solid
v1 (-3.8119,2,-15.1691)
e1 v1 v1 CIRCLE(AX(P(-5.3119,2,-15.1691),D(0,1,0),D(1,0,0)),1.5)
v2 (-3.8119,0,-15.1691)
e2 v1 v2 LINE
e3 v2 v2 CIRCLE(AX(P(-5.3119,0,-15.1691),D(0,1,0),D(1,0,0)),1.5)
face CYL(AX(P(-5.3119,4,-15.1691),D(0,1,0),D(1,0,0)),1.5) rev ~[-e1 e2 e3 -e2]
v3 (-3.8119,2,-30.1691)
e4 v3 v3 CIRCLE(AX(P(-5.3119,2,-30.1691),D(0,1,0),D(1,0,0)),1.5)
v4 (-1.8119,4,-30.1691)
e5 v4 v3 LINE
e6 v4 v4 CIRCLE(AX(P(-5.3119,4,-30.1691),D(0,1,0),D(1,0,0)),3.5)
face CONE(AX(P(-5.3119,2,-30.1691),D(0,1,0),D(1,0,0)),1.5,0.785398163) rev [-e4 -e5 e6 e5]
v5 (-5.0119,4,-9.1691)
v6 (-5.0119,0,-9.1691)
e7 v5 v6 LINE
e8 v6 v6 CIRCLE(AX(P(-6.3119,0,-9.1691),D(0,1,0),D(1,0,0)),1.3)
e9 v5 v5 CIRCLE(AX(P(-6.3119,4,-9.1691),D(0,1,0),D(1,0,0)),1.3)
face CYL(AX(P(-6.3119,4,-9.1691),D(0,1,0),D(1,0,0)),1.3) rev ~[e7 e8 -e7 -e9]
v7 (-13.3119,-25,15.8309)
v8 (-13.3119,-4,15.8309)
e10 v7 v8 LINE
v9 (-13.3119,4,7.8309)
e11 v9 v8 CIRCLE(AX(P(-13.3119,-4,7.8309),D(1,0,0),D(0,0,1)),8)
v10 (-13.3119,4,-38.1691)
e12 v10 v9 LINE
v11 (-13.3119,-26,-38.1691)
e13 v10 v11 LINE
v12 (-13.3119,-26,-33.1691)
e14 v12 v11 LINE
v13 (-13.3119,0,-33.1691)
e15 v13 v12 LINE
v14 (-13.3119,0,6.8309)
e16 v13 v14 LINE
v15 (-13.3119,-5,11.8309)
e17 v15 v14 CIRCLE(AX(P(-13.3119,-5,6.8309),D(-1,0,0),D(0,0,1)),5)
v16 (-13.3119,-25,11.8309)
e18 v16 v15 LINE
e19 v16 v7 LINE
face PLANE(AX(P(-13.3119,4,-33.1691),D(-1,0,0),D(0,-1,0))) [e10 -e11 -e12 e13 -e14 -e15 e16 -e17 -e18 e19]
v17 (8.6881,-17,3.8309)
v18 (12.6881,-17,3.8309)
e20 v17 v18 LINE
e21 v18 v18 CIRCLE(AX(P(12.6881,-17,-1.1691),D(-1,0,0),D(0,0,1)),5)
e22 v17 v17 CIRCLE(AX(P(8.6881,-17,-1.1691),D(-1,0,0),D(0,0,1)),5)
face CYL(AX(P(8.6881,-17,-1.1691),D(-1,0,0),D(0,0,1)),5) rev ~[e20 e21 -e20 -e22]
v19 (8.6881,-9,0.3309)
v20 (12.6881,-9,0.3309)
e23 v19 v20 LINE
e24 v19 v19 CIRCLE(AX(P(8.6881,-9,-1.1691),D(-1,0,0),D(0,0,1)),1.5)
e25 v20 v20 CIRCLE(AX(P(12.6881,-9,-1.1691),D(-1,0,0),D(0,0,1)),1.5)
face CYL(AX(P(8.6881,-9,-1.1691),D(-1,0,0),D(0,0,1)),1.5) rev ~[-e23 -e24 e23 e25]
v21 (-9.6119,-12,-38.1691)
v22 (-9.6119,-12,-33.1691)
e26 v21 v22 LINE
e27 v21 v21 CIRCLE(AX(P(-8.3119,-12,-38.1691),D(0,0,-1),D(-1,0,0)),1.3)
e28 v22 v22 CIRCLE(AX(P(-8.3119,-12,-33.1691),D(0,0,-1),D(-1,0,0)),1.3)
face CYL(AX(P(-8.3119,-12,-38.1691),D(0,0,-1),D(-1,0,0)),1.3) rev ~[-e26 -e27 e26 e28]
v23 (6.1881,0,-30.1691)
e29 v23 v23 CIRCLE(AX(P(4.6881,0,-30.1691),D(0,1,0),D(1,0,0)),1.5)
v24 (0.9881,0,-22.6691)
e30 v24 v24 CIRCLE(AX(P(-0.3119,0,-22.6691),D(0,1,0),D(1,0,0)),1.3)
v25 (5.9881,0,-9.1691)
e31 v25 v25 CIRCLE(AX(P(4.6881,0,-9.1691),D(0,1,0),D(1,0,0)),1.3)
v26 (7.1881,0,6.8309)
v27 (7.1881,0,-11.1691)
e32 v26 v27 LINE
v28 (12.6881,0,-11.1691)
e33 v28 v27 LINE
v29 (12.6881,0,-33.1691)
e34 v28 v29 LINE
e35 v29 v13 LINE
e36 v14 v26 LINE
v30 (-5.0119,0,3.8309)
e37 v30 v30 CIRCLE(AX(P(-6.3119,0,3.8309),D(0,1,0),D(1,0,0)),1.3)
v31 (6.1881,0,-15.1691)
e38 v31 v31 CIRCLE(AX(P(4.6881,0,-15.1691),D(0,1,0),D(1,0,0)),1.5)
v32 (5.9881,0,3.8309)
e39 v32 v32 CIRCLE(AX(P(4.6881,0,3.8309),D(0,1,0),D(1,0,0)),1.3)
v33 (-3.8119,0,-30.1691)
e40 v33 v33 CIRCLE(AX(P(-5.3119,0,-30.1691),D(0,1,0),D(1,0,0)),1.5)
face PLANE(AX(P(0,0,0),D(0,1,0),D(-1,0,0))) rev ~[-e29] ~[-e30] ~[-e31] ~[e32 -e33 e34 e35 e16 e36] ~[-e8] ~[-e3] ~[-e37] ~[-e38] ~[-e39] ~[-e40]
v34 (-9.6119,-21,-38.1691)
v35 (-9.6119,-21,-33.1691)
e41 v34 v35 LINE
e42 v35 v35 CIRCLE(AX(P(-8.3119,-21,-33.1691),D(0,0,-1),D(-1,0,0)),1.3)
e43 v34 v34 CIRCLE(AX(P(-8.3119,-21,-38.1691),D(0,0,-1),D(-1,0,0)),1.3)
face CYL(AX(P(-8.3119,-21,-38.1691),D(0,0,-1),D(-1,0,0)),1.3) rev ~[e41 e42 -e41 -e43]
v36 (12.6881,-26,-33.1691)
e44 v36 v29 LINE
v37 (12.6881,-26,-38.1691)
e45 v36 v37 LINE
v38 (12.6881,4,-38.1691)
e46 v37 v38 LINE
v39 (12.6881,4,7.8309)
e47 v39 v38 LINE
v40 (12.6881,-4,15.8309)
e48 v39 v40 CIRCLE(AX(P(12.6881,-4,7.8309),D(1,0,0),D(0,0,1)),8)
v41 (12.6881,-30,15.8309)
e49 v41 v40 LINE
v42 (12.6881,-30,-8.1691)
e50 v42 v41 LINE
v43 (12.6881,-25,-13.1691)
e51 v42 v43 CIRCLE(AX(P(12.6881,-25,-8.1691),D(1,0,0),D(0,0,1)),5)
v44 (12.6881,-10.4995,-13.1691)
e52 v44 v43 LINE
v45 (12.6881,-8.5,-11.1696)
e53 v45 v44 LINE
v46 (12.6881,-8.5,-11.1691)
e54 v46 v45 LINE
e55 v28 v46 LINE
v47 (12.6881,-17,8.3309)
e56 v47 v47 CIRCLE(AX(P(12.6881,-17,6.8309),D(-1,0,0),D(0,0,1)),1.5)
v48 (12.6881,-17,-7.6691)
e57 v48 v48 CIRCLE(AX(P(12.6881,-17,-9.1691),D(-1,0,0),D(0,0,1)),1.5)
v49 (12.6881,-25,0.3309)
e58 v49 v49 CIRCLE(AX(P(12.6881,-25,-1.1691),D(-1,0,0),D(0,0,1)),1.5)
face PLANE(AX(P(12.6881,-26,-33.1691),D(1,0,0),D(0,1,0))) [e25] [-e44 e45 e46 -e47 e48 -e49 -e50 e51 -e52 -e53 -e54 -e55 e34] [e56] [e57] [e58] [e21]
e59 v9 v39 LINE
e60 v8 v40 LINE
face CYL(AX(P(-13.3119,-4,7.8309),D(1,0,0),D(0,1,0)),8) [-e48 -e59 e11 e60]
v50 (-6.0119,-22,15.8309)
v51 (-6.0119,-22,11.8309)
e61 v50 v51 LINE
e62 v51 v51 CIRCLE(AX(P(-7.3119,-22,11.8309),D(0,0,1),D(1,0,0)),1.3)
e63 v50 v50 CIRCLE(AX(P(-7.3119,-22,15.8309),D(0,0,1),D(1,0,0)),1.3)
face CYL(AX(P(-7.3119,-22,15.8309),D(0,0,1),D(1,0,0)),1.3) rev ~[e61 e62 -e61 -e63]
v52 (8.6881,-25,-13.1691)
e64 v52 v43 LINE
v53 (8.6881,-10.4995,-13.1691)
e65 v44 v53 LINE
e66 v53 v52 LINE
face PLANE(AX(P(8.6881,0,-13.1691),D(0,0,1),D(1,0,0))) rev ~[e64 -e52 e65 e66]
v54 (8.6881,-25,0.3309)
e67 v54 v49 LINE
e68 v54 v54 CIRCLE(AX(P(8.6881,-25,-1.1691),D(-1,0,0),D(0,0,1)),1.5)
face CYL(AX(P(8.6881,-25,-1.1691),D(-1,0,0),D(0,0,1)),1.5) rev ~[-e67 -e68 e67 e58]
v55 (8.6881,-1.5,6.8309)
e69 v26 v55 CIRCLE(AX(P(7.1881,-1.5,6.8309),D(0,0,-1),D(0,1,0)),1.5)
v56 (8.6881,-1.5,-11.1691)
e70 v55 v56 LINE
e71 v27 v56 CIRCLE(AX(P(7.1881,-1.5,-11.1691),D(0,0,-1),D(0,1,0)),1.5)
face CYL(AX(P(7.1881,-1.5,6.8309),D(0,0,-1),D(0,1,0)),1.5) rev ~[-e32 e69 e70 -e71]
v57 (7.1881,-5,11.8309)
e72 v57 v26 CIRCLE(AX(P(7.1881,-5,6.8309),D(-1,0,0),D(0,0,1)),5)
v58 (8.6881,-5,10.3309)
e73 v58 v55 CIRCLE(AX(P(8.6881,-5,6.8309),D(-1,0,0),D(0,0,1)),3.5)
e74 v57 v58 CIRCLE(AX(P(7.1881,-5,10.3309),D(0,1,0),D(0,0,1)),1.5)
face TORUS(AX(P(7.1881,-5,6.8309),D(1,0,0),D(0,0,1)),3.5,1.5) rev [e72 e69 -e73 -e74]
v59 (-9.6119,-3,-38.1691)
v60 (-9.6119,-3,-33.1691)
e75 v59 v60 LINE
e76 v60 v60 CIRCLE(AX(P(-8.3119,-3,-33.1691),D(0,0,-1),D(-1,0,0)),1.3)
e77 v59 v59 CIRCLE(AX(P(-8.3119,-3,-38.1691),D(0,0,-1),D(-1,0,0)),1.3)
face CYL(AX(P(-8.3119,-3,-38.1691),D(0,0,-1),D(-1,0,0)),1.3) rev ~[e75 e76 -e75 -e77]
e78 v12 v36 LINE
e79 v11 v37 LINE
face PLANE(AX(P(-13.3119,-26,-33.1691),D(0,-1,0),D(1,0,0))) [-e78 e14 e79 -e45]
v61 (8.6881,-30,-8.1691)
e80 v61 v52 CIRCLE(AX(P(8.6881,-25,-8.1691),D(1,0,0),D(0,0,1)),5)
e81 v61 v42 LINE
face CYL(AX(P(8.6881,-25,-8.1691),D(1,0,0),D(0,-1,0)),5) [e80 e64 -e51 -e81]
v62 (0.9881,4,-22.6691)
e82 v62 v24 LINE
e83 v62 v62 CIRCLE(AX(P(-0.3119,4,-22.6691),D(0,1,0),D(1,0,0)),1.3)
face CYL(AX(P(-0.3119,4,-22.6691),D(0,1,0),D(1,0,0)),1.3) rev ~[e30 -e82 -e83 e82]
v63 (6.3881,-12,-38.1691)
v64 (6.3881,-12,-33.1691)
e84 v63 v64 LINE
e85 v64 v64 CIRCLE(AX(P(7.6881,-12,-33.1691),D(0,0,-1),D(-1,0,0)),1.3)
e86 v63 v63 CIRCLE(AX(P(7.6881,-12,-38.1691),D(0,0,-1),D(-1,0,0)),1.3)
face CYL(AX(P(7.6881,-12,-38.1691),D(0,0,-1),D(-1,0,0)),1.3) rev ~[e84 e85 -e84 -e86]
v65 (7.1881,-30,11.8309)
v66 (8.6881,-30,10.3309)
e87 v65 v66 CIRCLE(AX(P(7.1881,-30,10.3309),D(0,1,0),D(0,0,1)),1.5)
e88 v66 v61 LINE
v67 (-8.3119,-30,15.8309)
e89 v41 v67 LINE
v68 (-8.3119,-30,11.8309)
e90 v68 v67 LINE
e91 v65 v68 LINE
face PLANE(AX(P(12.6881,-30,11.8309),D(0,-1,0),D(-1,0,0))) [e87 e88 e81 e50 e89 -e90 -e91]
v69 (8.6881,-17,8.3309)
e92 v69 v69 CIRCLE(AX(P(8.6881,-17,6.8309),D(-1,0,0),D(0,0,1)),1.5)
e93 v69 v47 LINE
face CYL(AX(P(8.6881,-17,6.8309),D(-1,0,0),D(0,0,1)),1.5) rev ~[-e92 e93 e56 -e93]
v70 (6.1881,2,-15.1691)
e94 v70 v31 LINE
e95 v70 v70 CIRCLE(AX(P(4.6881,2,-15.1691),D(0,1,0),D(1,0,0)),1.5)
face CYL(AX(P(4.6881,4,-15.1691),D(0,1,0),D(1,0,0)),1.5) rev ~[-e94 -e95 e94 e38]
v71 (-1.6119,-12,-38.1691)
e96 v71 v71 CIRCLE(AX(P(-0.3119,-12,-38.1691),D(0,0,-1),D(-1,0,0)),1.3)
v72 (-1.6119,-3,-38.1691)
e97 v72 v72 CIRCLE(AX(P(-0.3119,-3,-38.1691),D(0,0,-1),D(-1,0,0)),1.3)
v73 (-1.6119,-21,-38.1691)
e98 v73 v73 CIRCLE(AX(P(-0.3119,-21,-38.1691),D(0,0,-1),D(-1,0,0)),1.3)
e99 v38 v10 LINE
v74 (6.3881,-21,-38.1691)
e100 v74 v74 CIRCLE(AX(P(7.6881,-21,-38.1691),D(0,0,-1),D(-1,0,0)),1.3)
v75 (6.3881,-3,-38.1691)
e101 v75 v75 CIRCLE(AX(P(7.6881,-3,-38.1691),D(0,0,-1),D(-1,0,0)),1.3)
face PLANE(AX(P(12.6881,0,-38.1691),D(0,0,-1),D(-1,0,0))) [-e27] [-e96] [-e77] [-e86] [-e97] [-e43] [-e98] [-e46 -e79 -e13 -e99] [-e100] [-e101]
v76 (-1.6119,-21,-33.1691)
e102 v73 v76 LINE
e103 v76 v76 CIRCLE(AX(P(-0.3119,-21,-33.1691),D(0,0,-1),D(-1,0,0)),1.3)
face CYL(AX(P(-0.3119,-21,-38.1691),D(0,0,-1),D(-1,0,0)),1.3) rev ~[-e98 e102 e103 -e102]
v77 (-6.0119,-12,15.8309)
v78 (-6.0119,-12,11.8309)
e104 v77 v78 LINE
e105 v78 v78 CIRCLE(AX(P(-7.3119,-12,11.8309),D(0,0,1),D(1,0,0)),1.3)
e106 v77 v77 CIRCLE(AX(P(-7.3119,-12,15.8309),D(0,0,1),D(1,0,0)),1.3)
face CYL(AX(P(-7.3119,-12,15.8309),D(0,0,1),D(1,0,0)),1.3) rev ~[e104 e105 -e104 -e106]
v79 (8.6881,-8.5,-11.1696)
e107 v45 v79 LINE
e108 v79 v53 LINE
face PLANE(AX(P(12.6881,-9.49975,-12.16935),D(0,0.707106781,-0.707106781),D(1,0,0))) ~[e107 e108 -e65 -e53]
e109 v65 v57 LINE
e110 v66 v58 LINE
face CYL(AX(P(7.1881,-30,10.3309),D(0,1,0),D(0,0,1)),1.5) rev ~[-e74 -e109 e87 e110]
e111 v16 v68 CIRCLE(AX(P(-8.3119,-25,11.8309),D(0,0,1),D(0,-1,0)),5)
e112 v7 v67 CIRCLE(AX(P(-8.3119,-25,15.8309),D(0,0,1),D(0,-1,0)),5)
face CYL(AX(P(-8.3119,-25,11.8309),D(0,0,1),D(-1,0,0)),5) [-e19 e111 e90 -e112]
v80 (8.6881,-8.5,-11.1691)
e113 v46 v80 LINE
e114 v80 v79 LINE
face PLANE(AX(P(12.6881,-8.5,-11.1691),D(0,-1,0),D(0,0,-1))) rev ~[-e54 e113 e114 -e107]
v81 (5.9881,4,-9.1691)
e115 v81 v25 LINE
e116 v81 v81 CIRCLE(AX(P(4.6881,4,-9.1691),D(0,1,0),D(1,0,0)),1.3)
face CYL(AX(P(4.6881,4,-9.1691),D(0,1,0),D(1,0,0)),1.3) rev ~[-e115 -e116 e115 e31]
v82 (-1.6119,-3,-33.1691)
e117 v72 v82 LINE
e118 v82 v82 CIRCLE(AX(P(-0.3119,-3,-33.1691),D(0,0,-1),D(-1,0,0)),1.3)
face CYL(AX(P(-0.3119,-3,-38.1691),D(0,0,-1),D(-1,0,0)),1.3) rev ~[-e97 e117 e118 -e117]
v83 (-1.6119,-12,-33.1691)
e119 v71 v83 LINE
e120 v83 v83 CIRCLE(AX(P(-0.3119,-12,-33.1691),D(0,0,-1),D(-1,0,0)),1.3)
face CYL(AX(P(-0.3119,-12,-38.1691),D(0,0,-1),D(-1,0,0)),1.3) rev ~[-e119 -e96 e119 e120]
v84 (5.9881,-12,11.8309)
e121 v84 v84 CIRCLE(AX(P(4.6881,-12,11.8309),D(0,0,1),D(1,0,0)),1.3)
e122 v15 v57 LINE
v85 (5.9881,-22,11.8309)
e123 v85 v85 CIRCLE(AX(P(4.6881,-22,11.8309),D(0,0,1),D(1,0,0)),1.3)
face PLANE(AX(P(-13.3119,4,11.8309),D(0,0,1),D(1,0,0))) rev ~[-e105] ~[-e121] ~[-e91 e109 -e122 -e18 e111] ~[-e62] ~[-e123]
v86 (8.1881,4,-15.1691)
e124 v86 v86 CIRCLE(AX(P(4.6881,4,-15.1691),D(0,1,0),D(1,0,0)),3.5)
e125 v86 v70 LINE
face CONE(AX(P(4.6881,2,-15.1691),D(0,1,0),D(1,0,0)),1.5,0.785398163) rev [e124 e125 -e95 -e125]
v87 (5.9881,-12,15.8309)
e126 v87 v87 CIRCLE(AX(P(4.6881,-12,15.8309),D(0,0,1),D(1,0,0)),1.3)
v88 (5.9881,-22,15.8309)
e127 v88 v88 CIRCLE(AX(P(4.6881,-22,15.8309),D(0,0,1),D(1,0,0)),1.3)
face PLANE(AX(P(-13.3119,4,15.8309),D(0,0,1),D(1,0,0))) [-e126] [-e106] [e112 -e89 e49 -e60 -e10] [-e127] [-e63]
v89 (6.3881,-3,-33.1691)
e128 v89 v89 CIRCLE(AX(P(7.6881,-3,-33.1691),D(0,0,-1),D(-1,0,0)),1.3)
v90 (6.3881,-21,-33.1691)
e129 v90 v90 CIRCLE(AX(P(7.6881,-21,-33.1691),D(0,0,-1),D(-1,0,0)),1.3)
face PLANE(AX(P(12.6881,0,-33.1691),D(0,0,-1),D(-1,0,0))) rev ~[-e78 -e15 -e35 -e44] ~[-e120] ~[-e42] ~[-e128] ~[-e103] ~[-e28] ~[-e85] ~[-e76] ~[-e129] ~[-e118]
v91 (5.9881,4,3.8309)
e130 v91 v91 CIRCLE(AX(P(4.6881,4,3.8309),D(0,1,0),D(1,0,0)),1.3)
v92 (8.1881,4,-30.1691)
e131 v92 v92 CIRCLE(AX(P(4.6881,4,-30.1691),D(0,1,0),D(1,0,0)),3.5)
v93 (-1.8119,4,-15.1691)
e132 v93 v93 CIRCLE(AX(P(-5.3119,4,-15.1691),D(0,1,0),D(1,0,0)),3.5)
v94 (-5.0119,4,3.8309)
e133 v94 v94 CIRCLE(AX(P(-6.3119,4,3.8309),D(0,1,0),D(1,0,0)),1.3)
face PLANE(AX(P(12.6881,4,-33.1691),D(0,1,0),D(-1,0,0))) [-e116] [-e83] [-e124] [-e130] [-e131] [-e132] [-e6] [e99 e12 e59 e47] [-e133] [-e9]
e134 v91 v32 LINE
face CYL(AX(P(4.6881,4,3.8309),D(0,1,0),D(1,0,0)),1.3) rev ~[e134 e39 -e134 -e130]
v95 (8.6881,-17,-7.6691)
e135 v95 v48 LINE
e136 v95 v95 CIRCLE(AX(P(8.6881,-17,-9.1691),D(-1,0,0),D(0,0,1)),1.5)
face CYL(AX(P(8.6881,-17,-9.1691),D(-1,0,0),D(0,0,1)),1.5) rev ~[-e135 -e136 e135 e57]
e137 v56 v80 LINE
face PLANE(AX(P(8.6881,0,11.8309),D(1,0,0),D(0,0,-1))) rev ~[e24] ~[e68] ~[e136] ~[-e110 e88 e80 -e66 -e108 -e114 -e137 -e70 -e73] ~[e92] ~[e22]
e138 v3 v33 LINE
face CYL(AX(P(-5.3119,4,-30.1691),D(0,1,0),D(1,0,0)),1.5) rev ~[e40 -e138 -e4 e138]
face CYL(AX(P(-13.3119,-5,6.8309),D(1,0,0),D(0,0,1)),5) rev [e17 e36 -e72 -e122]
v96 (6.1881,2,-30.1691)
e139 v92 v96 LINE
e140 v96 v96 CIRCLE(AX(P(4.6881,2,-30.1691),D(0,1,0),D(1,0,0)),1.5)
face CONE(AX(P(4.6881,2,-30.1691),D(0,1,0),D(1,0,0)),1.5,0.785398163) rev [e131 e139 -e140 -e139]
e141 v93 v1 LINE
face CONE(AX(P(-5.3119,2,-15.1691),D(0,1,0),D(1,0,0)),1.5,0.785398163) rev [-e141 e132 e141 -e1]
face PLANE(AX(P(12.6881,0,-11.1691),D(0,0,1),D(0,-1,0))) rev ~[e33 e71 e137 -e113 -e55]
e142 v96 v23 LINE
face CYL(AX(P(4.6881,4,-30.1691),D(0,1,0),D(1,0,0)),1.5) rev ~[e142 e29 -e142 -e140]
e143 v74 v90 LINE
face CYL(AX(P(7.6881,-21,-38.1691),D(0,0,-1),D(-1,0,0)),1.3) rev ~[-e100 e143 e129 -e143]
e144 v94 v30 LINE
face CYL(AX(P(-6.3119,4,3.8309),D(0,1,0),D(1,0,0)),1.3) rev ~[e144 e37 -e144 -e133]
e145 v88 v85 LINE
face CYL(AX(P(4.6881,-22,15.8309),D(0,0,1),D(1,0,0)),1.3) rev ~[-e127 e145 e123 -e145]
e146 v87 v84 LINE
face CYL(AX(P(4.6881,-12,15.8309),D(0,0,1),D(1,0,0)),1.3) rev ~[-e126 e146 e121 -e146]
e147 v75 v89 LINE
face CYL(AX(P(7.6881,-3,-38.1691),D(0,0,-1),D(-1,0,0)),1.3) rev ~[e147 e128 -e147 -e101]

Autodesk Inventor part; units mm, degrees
ref_plane "YZ Plane" through (0, 0, 0) normal (1, 0, 0) x (0, 1, 0)
ref_plane "XZ Plane" through (0, 0, 0) normal (0, 1, 0) x (-1, 0, 0)
ref_plane "XY Plane" through (0, 0, 0) normal (0, 0, 1) x (1, 0, 0)
sketch "Sketch1" plane through (0, 0, 0) normal (0, 1, 0) x (-1, 0, 0)
  line L0 (-12.6881, -33.1691) -> (13.3119, -33.1691)
  line L1 (13.3119, -33.1691) -> (13.3119, 11.8309)
  line L2 (13.3119, 11.8309) -> (-12.6881, 11.8309)
  line L3 (-12.6881, 11.8309) -> (-12.6881, -33.1691)
  point P0 (0, 0)
  dimension "d0" = 45
  dimension "d1" = 26
extrude "Extrusion1" add sketch "Sketch1" along normal blind 4
sketch "Sketch2" plane through (0, 0, 0) normal (0, -1, 0) x (1, 0, 0)
  line L0 (-13.3119, 11.8309) -> (12.6881, 11.8309) projected
  line L1 (12.6881, 11.8309) -> (8.6881, 11.8309)
  line L2 (8.6881, 11.8309) -> (8.6881, -13.1691)
  line L3 (8.6881, -13.1691) -> (12.6881, -13.1691)
  line L4 (12.6881, -13.1691) -> (12.6881, 11.8309)
  point P0 (0, 0)
  point P1 (10.6881, -13.1691)
  dimension "d4" = 4
  dimension "d5" = 25
extrude "Extrusion2" add sketch "Sketch2" along normal blind 30
sketch "Sketch4" plane through (8.6881, 0, -13.1691) normal (-1, 0, 0) x (0, 0, 1)
  circle A0 centre (12, -17) radius 5
  line L0 (25, -30) -> (0, -30) projected
  line L1 (25, 0) -> (25, -30) projected
  point P0 (13.1691, 0)
  dimension "d8" = 10
  dimension "d9" = 13
  dimension "d10" = 13
extrude "Extrusion3" cut sketch "Sketch4" against normal through all
sketch "Sketch5" plane through (8.6881, 0, -13.1691) normal (-1, 0, 0) x (0, 0, 1)
  circle A0 centre (12, -9) radius 1.5
  circle A1 centre (12, -25) radius 1.5
  circle A2 centre (20, -17) radius 1.5
  circle A3 centre (4, -17) radius 1.5
  circle A4 centre (12, -17) radius 5 projected
  point P0 (13.1691, 0)
  dimension "d13" = 3
  dimension "d14" = 3
  dimension "d15" = 3
  dimension "d16" = 3
  dimension "d17" = 8
  dimension "d19" = 8
  dimension "d20" = 8
  dimension "d21" = 8
  dimension "d22" = 8
  dimension "d23" = 8
  dimension "d24" = 8
extrude "Extrusion4" cut sketch "Sketch5" against normal through all contours A0 | A1 | A2 | A3
sketch "Sketch9" plane through (-13.3119, 4, 11.8309) normal (0, 0, 1) x (1, 0, 0)
  line L0 (0, -4) -> (0, 0) projected
  line L1 (26, -4) -> (26, -34) projected
  line L2 (0, 0) -> (26, 0)
  line L3 (26, 0) -> (26, -34)
  line L4 (26, -34) -> (0, -34)
  line L5 (0, -34) -> (0, 0)
  point P0 (13.3119, -4)
extrude "Extrusion6" add sketch "Sketch9" along normal blind 4
fillet "Fillet3" radius 5 3 edges at (-13.3119, -30, 13.8309) (10.6881, -30, -13.1691) (-2.3119, 0, 11.8309)
fillet "Fillet4" radius 8 1 edges at (-0.3119, 4, 15.8309)
fillet "Fillet5" radius 1.5 3 edges at (8.6881, -1.4645, 10.3664) (8.6881, 0, -3.1691) (8.6881, -17.5, 11.8309)
sketch "Sketch10" plane through (12.6881, 0, -33.1691) normal (0, 0, -1) x (-1, 0, 0)
  line L0 (0, 4) -> (26, 4) projected
  line L1 (0, 4) -> (26, 4)
  line L2 (26, 4) -> (26, -26)
  line L3 (26, -26) -> (0, -26)
  line L4 (0, -26) -> (0, 4)
  point P0 (12.6881, 0)
  dimension "d44" = 30
extrude "Extrusion7" add sketch "Sketch10" along normal blind 5
sketch "Sketch12" plane through (12.6881, 0, -38.1691) normal (0, 0, -1) x (-1, 0, 0)
  circle A0 centre (5, -3) radius 1.3
  circle A1 centre (21, -3) radius 1.3
  circle A2 centre (5, -21) radius 1.3
  circle A3 centre (21, -21) radius 1.3
  circle A4 centre (21, -12) radius 1.3
  line L0 (26, -26) -> (26, 4) projected
  line L1 (0, 4) -> (0, -26) projected
  line L2 (26, 4) -> (0, 4) projected
  line L3 (0, -26) -> (26, -26) projected
  circle A5 centre (5, -12) radius 1.3
  circle A6 centre (13, -21) radius 1.3
  circle A7 centre (13, -12) radius 1.3
  circle A8 centre (13, -3) radius 1.3
  point P0 (12.6881, 0)
  dimension "d47" = 2.6
  dimension "d48" = 2.6
  dimension "d49" = 2.6
  dimension "d50" = 2.6
  dimension "d51" = 2.6
  dimension "d52" = 5
  dimension "d53" = 5
  dimension "d54" = 5
  dimension "d55" = 5
  dimension "d56" = 7
  dimension "d57" = 7
  dimension "d58" = 16
  dimension "d59" = 5
  dimension "d60" = 5
  dimension "d61" = 5
  dimension "d64" = 2.6
  dimension "d65" = 16
  dimension "d66" = 5
  dimension "d81" = 2.6
  dimension "d82" = 2.6
  dimension "d83" = 2.6
  dimension "d84" = 5
  dimension "d85" = 13
  dimension "d86" = 13
  dimension "d87" = 13
  dimension "d88" = 7
  dimension "d89" = 16
extrude "Extrusion8" cut sketch "Sketch12" against normal up to surface (5 mm away) contours A0 | A1 | A2 | A3 | A4 | A5 | A6 | A7 | A8
sketch "Sketch13" plane through (0, 4, 0) normal (0, 1, 0) x (1, 0, 0)
  circle A0 centre (4.6881, 30.1691) radius 1.5
  circle A1 centre (4.6881, 15.1691) radius 1.5
  circle A2 centre (-5.3119, 30.1691) radius 1.5
  circle A3 centre (-5.3119, 15.1691) radius 1.5
  line L0 (-13.3119, 38.1691) -> (12.6881, 38.1691) projected
  line L1 (12.6881, 38.1691) -> (12.6881, -7.8309) projected
  point P0 (0, 0)
  dimension "d67" = 3
  dimension "d68" = 3
  dimension "d69" = 3
  dimension "d70" = 3
  dimension "d71" = 10
  dimension "d72" = 15
  dimension "d73" = 15
  dimension "d74" = 8
  dimension "d75" = 8
  dimension "d76" = 8
  dimension "d77" = 8
  dimension "d78" = 10
extrude "Extrusion9" cut sketch "Sketch13" against normal through all
chamfer "Chamfer3" distance 2 angle 45 4 edges at (3.1881, 4, -30.1691) (-6.8119, 4, -30.1691) (3.1881, 4, -15.1691) (-6.8119, 4, -15.1691)
sketch "Sketch14" plane through (-13.3119, 4, 15.8309) normal (0, 0, 1) x (1, 0, 0)
  circle A0 centre (6, -16) radius 1.3
  circle A1 centre (18, -16) radius 1.3
  circle A2 centre (6, -26) radius 1.3
  circle A3 centre (18, -26) radius 1.3
  line L0 (26, -34) -> (26, -8) projected
  line L1 (0, -8) -> (0, -29) projected
  line L2 (5, -34) -> (26, -34) projected
  point P0 (13.3119, -4)
  dimension "d93" = 2.6
  dimension "d94" = 2.6
  dimension "d95" = 2.6
  dimension "d96" = 2.6
  dimension "d97" = 8
  dimension "d98" = 8
  dimension "d99" = 6
  dimension "d100" = 6
  dimension "d101" = 8
  dimension "d102" = 8
  dimension "d103" = 10
  dimension "d104" = 10
extrude "Extrusion10" cut sketch "Sketch14" against normal up to surface (4 mm away)
sketch "Sketch15" plane through (0, 4, 0) normal (0, 1, 0) x (1, 0, 0)
  circle A0 centre (-6.3119, 9.1691) radius 1.3
  circle A1 centre (-6.3119, -3.8309) radius 1.3
  circle A2 centre (4.6881, -3.8309) radius 1.3
  circle A3 centre (4.6881, 9.1691) radius 1.3
  line L0 (12.6881, 38.1691) -> (12.6881, -7.8309) projected
  line L1 (-13.3119, -7.8309) -> (-13.3119, 38.1691) projected
  line L2 (-13.3119, 38.1691) -> (12.6881, 38.1691) projected
  point P0 (0, 0)
  dimension "d107" = 2.6
  dimension "d108" = 2.6
  dimension "d109" = 2.6
  dimension "d110" = 2.6
  dimension "d111" = 8
  dimension "d112" = 8
  dimension "d113" = 7
  dimension "d114" = 7
  dimension "d115" = 13
  dimension "d116" = 13
  dimension "d117" = 29
  dimension "d118" = 29
extrude "Extrusion11" cut sketch "Sketch15" against normal up to surface (4 mm away)
sketch "Sketch18" plane through (12.6881, -25, -13.1691) normal (1, 0, 0) x (0, 0, -1)
  line L0 (-20, 25) -> (0, 25) projected
  line L1 (0, 25) -> (-2, 25)
  line L2 (-2, 25) -> (-2, 16.5)
  line L3 (-2, 16.5) -> (0, 16.5)
  line L4 (0, 16.5) -> (0, 25)
  point P0 (-13.1691, 25)
  point P1 (-2, 25)
  dimension "d124" = 8.5
  dimension "d125" = 2
extrude "Extrusion13" cut sketch "Sketch18" against normal through all
chamfer "Chamfer4" distance 2 angle 45 1 edges at (10.6881, -8.5, -13.1691)
sketch "Sketch19" plane through (0, 4, 0) normal (0, 1, 0) x (1, 0, 0)
  circle A0 centre (-0.3119, 22.6691) radius 1.3
  line L0 (-13.3119, 38.1691) -> (12.6881, 38.1691) projected
  line L1 (12.6881, 38.1691) -> (12.6881, -7.8309) projected
  point P0 (0, 0)
  dimension "d131" = 2.6
  dimension "d132" = 15.5
  dimension "d133" = 13
extrude "Extrusion14" cut sketch "Sketch19" against normal through all
equation "\"d78\" = d71"
properties part number "probe_block_R" material "ABS Plastic"
